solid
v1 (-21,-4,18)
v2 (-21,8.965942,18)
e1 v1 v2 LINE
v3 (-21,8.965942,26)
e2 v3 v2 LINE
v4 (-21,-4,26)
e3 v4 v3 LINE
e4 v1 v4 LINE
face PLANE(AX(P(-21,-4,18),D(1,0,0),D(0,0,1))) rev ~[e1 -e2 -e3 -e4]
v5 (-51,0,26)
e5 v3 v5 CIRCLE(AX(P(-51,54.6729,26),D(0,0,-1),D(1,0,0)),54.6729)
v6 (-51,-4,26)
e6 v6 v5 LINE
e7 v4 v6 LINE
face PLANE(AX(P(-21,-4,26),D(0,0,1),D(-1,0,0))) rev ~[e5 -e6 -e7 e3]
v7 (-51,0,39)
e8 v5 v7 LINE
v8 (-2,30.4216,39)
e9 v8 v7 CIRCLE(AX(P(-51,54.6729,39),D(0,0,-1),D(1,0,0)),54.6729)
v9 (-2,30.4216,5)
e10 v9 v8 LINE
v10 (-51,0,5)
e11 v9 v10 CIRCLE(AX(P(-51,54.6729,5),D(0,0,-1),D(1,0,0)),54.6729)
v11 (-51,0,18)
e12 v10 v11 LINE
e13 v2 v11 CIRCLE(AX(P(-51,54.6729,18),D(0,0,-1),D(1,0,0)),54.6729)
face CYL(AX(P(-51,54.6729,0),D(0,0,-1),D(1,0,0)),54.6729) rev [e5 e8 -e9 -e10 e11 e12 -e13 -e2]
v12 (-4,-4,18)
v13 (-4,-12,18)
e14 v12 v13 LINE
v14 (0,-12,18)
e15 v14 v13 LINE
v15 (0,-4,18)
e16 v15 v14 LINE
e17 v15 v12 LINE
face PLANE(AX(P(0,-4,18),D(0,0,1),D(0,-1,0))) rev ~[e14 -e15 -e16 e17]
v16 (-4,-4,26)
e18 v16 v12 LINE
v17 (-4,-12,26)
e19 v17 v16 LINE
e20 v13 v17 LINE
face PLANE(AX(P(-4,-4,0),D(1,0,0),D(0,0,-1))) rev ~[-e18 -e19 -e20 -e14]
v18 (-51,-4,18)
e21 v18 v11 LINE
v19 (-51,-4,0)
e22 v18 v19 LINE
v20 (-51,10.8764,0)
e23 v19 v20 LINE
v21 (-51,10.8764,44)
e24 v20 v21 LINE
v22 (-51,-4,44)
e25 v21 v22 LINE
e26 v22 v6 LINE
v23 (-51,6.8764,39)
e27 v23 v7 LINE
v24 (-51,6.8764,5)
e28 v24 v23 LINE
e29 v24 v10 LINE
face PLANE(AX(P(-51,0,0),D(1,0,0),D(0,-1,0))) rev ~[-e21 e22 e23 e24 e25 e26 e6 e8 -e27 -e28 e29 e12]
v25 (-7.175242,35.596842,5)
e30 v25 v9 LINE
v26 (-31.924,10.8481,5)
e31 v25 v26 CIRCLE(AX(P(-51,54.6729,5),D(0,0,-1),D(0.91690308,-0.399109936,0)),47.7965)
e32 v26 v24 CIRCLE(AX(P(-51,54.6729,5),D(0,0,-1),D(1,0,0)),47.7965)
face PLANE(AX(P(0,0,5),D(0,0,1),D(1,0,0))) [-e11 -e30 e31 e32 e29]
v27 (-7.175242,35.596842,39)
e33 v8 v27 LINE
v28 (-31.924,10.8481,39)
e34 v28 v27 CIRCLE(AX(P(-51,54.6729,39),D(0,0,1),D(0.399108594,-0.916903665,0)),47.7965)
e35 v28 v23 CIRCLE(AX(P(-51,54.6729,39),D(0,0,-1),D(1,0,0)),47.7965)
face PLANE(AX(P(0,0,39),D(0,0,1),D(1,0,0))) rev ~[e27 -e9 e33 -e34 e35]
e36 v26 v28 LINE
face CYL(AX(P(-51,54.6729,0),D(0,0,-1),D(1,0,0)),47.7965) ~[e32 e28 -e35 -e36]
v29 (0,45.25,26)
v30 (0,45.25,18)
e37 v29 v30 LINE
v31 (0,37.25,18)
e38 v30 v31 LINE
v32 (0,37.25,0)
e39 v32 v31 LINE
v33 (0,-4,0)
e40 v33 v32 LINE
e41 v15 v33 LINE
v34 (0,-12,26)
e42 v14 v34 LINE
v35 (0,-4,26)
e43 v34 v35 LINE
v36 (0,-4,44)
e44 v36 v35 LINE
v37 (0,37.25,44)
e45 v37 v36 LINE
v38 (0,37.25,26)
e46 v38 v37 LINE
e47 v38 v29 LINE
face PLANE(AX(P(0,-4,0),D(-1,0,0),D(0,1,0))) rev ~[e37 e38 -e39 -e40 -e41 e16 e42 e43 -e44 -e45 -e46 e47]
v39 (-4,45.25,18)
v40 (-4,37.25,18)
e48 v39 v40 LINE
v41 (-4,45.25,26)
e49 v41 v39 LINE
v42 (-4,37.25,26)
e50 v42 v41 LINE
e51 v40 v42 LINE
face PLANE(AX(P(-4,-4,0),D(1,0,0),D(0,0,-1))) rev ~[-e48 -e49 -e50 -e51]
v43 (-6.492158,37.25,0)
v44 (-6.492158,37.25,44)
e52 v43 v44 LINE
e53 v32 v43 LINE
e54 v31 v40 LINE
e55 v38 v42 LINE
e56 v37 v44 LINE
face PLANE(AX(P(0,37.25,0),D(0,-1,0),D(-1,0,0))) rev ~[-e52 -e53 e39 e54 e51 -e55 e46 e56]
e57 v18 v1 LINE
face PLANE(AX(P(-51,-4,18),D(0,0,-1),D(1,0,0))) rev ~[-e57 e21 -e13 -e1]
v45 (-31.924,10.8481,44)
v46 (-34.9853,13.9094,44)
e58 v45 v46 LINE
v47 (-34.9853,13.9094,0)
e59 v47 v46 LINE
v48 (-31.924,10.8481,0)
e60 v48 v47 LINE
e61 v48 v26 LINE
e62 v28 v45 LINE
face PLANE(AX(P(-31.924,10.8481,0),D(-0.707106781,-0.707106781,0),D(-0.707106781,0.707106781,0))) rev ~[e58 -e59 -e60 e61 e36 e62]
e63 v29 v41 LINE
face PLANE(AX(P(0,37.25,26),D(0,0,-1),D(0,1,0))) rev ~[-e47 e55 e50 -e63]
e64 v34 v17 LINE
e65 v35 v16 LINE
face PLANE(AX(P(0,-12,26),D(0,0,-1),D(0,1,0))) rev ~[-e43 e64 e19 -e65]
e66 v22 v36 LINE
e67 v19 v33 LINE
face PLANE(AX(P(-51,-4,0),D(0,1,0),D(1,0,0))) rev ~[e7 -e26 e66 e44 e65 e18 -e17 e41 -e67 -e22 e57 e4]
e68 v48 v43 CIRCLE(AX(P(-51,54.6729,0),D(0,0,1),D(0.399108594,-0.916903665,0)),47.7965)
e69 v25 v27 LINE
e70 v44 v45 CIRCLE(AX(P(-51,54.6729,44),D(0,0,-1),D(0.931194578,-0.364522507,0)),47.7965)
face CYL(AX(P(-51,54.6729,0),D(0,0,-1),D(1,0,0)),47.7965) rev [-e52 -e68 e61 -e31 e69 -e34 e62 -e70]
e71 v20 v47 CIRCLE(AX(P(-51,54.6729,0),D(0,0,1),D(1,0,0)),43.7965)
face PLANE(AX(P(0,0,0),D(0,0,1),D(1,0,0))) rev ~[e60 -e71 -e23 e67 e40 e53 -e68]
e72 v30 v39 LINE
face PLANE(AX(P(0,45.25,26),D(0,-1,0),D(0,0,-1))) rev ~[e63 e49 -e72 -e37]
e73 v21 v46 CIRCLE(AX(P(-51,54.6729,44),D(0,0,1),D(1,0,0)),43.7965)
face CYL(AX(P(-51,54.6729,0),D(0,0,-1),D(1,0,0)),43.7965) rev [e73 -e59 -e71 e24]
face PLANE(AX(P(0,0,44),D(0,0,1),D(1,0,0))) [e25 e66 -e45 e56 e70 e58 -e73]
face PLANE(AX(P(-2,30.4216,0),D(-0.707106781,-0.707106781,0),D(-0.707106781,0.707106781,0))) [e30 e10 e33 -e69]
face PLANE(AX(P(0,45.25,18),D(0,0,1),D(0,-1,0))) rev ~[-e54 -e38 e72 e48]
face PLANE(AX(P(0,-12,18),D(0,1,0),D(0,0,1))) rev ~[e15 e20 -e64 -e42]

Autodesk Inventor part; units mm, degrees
ref_plane "YZ Plane" through (0, 0, 0) normal (1, 0, 0) x (0, 1, 0)
ref_plane "XZ Plane" through (0, 0, 0) normal (0, 1, 0) x (-1, 0, 0)
ref_plane "XY Plane" through (0, 0, 0) normal (0, 0, 1) x (1, 0, 0)
sketch "Sketch1" plane through (0, 0, 0) normal (0, 0, 1) x (1, 0, 0)
  line L0 (0, 0) -> (-53, 0)
  line L1 (-53, 0) -> (-53, 33.25) construction
  line L2 (-53, 33.25) -> (0, 33.25)
  line L3 (0, 33.25) -> (0, 0)
  line L4 (-51, 33.25) -> (-51, 0)
  line L5 (0, 0) -> (-51, 0)
  line L6 (-51, 0) -> (-51, -4)
  line L7 (-51, -4) -> (0, -4)
  line L8 (0, -4) -> (0, 0)
  circle A0 centre (-51, 54.6729) radius 54.6729
  line L9 (-26.7487, 5.6729) -> (-2, 30.4216)
  line L10 (-2, 30.4216) -> (-4.8284, 33.25)
  line L11 (-4.8284, 33.25) -> (-29.5772, 8.5013)
  line L12 (-29.5772, 8.5013) -> (-26.7487, 5.6729) construction
  circle A1 centre (-51, 54.6729) radius 47.7965
  line L13 (-29.5772, 8.5013) -> (-31.924, 10.8481)
  circle A2 centre (-51, 54.6729) radius 43.7965
  line L14 (-31.924, 10.8481) -> (-34.9853, 13.9094)
  line L15 (-51, 33.25) -> (0, 33.25)
  line L16 (0, 33.25) -> (0, 37.25)
  line L17 (0, 37.25) -> (-51, 37.25)
  line L18 (-51, 37.25) -> (-51, 33.25)
  line L19 (-4.8284, 33.25) -> (-8.8284, 37.25)
  point P0 (-51, 10.8764)
  point P1 (-51, 6.8764)
  point P2 (-8.2734, 33.25)
  point P3 (-6.4922, 37.25)
  point P4 (-7.1753, 35.5969)
  point P5 (-0.699, 33.25)
  point P6 (0, 34.972)
  dimension "d22" = 95.5929
  dimension "d23" = 87.5929
  dimension "d0" = 53
  dimension "d5" = 51
  dimension "d13" = 4
  dimension "d18" = 35
  dimension "d19" = 4
  dimension "d20" = 2
  dimension "d21" = 45
  dimension "d24" = 4
extrude "Extrusion1" add sketch "Sketch1" along normal blind 44 contours L8 L7 L6 L0 | L0 A0 L2 L3 | L2 A0 L16 | L4 A2 L14 A1 | A0 L10 L2 | L2 L19 A1 L17 L16 A0
extrude "Extrusion2" add sketch "Sketch1" along normal blind 5 contours L8 L7 L6 L0 | L0 A0 L2 L3 | L4 A1 L13 L11 L10 L9 A0 | L4 A2 L14 A1 | L9 A0 | A0 L10 L2 | A1 L11 L13 | L11 A1 L2 | L2 A1 L19
extrude "Extrusion3" add sketch "Sketch1" against normal blind 5 from surface at 44 contours L0 A0 L2 L3 | L4 A1 L13 L11 L10 L9 A0 | L4 A2 L14 A1 | L9 A0 | A0 L10 L2 | L2 L19 A1 L17 L16 A0 | A1 L11 L13 | L11 A1 L2 | L2 A1 L19
sketch "Sketch3" plane through (0, -4, 0) normal (1, 0, 0) x (0, 0, -1)
  line L0 (0, 0) -> (0, 41.25) construction
  line L1 (0, 41.25) -> (-44, 41.25) construction
  line L2 (-44, 0) -> (-44, 41.25) construction
  line L3 (0, 0) -> (-44, 0) construction
  line L4 (-26, 0) -> (-18, 0)
  line L5 (-18, 0) -> (-18, -8)
  line L6 (-18, -8) -> (-26, -8)
  line L7 (-26, -8) -> (-26, 0)
  line L8 (-26, 49.25) -> (-18, 49.25)
  line L9 (-18, 49.25) -> (-18, 41.25)
  line L10 (-18, 41.25) -> (-26, 41.25)
  line L11 (-26, 41.25) -> (-26, 49.25)
  line L12 (-26, 0) -> (-18, -8) construction
  line L13 (-26, 49.25) -> (-18, 41.25) construction
  point P0 (0, 4)
  point P1 (-22, 0)
  point P2 (-22, 41.25)
  point P3 (-22, -4)
  point P4 (-22, 45.25)
  dimension "d33" = 8
  dimension "d34" = 8
  dimension "d35" = 8
  dimension "d36" = 8
extrude "Extrusion5" add sketch "Sketch3" against normal blind 4
sketch "Sketch2" plane through (-51, -4, 0) normal (0, -1, 0) x (1, 0, 0)
  line L0 (30, 26) -> (0, 26)
  line L1 (0, 26) -> (0, 18)
  line L2 (0, 18) -> (30, 18)
  line L3 (30, 18) -> (30, 26)
  line L4 (0, 0) -> (0, 44) construction
  point P0 (51, 0)
  point P1 (0, 22)
  dimension "d29" = 30
  dimension "d30" = 8
extrude "Extrusion4" cut sketch "Sketch2" against normal up to surface
fillet "Fillet2" [suppressed]
chamfer "Chamfer2" [suppressed]
properties part number "Piece-Catch"
